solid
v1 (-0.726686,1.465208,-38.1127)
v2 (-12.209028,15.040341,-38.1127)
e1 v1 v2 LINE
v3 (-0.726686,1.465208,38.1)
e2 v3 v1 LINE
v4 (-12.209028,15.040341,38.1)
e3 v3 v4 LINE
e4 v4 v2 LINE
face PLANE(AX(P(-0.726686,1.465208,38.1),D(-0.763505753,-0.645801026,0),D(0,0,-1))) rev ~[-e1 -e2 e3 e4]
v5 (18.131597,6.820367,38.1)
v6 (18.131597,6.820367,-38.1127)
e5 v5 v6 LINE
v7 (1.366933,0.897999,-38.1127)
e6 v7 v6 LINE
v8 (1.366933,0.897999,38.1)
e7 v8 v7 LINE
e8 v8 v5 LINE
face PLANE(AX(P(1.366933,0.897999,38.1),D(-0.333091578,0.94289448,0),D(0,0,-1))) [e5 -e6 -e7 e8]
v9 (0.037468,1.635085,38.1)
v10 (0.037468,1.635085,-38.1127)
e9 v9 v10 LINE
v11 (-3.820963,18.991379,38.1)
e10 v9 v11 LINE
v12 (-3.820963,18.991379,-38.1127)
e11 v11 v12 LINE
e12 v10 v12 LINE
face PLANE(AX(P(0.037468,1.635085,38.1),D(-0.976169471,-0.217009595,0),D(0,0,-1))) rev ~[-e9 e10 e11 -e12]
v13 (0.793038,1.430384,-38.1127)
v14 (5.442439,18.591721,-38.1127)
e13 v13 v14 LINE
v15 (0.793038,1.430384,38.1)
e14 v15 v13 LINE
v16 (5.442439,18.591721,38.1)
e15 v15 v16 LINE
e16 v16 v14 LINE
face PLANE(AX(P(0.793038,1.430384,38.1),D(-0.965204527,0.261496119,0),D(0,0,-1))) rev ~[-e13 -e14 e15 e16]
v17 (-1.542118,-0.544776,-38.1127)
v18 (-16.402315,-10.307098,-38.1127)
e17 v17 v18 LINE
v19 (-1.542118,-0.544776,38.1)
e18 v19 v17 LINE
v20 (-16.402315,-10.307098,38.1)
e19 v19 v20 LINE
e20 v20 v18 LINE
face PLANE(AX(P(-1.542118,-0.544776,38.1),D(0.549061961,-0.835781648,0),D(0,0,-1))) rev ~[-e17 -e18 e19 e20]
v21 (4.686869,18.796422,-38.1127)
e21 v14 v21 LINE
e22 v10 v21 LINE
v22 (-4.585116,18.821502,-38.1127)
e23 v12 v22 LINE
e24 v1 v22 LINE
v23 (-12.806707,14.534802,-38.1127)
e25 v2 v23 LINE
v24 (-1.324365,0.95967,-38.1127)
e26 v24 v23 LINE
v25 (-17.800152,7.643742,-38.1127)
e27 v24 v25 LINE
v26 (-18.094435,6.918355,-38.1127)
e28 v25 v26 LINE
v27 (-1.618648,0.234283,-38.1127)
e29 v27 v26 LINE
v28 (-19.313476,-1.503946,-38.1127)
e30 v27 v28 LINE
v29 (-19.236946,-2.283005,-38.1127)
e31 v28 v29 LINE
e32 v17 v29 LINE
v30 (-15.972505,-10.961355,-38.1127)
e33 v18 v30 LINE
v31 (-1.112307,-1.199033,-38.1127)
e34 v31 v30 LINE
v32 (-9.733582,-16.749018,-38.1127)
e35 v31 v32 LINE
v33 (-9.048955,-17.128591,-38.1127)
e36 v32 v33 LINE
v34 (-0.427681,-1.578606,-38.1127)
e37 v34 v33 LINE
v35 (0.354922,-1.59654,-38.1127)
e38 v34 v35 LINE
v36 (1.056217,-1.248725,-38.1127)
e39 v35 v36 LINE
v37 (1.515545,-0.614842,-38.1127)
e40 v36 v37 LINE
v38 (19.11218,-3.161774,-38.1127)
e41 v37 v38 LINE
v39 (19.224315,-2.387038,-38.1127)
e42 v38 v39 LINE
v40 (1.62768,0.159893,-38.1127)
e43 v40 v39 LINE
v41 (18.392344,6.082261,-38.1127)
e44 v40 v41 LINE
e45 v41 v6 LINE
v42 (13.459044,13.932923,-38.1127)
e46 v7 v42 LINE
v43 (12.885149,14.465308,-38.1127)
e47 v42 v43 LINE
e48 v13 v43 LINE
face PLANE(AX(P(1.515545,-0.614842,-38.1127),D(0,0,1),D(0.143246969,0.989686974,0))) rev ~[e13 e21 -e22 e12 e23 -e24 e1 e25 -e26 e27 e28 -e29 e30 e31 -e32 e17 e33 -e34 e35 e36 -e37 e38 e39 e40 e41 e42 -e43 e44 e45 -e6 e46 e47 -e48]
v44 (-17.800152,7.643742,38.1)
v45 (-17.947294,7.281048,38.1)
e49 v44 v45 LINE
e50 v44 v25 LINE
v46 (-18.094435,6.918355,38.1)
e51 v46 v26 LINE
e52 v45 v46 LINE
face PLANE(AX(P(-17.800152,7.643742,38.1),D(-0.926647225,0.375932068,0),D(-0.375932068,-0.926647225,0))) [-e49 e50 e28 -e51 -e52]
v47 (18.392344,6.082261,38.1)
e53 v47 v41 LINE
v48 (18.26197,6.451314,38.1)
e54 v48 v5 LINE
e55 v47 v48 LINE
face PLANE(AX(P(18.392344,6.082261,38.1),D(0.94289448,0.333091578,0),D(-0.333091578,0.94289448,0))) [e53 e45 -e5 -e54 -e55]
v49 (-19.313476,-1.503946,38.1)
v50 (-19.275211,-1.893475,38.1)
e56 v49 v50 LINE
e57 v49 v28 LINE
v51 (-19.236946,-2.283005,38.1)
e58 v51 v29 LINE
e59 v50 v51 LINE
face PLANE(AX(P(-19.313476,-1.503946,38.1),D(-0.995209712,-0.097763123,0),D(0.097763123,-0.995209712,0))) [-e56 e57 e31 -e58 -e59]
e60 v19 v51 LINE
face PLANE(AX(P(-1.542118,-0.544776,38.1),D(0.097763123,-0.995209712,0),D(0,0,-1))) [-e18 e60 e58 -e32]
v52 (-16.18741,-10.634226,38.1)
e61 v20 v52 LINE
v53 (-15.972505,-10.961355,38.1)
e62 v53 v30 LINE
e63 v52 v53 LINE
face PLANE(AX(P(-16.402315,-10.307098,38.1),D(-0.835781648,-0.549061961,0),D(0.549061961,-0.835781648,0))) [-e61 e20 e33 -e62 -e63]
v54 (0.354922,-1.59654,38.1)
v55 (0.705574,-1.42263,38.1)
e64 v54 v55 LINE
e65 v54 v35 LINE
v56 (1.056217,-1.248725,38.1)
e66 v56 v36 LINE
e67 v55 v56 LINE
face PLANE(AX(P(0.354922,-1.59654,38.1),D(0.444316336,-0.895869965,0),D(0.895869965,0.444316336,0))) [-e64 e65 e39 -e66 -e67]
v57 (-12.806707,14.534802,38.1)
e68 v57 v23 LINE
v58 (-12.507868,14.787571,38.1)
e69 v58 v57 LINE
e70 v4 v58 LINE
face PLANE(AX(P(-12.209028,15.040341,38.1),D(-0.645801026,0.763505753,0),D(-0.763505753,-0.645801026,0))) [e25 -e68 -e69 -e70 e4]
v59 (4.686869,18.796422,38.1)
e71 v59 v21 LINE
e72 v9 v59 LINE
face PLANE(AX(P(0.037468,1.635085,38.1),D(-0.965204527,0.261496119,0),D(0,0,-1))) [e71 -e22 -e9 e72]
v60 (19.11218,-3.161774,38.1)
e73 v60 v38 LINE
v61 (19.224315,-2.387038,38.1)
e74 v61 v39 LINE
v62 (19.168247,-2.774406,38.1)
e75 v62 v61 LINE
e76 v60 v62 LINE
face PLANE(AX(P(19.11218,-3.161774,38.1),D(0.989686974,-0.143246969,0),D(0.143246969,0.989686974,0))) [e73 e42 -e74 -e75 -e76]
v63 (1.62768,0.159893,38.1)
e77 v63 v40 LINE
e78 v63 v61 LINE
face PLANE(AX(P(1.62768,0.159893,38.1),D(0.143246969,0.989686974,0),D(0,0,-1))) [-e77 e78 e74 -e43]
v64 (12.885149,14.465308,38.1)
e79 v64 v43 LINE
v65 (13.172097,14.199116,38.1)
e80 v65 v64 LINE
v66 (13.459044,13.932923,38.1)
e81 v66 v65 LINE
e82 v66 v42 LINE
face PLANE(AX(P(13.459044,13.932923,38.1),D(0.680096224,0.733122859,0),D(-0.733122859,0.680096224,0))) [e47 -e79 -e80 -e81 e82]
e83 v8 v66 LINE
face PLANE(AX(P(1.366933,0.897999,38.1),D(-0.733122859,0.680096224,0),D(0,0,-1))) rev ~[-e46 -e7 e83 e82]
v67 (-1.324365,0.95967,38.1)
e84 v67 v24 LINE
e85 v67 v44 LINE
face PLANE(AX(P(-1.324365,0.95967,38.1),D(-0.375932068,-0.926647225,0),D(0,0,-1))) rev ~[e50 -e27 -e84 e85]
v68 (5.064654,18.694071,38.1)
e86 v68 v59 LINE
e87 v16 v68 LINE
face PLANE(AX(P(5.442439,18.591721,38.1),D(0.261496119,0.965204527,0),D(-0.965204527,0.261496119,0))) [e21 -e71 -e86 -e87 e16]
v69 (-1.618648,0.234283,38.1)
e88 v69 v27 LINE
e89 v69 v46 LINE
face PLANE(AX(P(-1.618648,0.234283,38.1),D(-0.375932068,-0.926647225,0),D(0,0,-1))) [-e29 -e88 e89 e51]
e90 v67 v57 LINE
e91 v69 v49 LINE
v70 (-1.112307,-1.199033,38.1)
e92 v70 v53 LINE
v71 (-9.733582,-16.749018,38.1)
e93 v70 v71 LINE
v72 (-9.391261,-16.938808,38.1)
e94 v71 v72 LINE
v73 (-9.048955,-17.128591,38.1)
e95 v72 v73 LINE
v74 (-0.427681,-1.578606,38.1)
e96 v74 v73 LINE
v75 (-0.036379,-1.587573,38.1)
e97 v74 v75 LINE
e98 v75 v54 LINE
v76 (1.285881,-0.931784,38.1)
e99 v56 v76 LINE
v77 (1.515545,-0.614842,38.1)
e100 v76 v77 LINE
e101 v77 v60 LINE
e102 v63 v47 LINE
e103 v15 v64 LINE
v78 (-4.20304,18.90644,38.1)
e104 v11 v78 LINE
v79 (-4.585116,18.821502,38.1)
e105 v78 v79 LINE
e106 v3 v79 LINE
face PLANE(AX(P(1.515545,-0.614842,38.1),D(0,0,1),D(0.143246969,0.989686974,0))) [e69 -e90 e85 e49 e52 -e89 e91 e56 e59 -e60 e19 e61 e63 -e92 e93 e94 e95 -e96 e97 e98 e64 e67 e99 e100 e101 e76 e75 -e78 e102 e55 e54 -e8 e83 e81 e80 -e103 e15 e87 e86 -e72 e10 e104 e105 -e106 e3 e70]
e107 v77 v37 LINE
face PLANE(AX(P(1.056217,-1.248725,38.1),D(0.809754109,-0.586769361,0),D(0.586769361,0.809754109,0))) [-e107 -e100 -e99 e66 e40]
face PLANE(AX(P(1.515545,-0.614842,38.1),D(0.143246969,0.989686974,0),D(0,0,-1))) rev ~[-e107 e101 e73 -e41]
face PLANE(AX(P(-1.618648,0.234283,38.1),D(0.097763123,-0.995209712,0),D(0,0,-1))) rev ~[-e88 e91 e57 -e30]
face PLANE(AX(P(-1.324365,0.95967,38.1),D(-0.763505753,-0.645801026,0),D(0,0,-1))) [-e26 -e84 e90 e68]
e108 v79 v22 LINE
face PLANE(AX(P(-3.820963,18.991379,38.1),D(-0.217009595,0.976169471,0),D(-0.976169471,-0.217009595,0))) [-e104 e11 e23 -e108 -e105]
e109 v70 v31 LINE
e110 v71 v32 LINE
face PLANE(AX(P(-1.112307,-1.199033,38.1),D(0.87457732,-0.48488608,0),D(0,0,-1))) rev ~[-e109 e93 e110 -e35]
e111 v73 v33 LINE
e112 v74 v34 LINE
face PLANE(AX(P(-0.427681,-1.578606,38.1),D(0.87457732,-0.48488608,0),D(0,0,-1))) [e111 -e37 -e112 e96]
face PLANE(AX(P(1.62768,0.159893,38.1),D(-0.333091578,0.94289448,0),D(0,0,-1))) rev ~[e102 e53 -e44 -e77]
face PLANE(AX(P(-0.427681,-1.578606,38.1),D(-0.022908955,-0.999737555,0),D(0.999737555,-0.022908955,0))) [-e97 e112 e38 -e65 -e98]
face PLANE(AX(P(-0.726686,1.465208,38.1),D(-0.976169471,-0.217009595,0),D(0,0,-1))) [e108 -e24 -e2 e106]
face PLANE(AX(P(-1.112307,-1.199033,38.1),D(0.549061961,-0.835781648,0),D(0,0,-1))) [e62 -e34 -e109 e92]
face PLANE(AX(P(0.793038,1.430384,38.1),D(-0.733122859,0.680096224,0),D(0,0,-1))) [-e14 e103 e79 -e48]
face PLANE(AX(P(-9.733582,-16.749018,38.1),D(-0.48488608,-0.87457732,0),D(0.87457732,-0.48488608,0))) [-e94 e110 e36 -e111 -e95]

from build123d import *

# Parameters (mm, degrees)
F0_R      = 1.5879896125
F1_DEPTH  = 38.1
F3_DEPTH  = 76.2127
F4_DEPTH  = 17.78
F5_DEPTH  = 17.78
F6_DEPTH  = 17.78
F7_DEPTH  = 17.78
F8_DEPTH  = 17.78
F9_DEPTH  = 17.78
F10_DEPTH = 17.78
F11_DEPTH = 17.78
F12_DEPTH = 17.78
F13_DEPTH = 17.78


with BuildPart() as f1:
    # F0 (on Top) → F1 (new body, symmetric)
    with BuildSketch(Plane.XY):
        Circle(F0_R)
    extrude(amount=F1_DEPTH, both=True)

    # F2 (on face) → F3 (join)
    with BuildSketch(Plane.XY.offset(38.1)):
        Polygon((-1.1123073701, -1.1990332101), (-0.4276807465, -1.5786061902), (0.3549223821, -1.5965395164), (1.0562170702, -1.2487248797), (1.5155451564, -0.6148424219), (1.6276801115, 0.1598930251), (1.3669331687, 0.897998907), (0.7930383103, 1.4303840614), (0.0374679322, 1.6350854653), (-0.7266858977, 1.465208494), (-1.3243647459, 0.9596699144), (-1.6186475911, 0.2342825227), (-1.5421177801, -0.5447761715), align=None)
    extrude(amount=-F3_DEPTH)

    # F4 (add): a face of the model
    f4_faces = [f1.faces().sort_by_distance(p)[0] for p in [
        (-0.4457332213, -1.5685974768, -0.00635),
    ]]
    extrude(f4_faces, amount=F4_DEPTH)

    # F5 (add): a face of the model
    f5_faces = [f1.faces().sort_by_distance(p)[0] for p in [
        (-1.1236407617, -1.1817815312, -0.00635),
    ]]
    extrude(f5_faces, amount=F5_DEPTH)

    # F6 (add): a face of the model
    f6_faces = [f1.faces().sort_by_distance(p)[0] for p in [
        (-1.544135745, -0.5242336787, -0.00635),
    ]]
    extrude(f6_faces, amount=F6_DEPTH)

    # F7 (add): a face of the model
    f7_faces = [f1.faces().sort_by_distance(p)[0] for p in [
        (-1.6108878379, 0.2534097918, -0.00635),
    ]]
    extrude(f7_faces, amount=F7_DEPTH)

    # F8 (add): a face of the model
    f8_faces = [f1.faces().sort_by_distance(p)[0] for p in [
        (-1.3086049404, 0.9730001329, -0.00635),
    ]]
    extrude(f8_faces, amount=F8_DEPTH)

    # F9 (add): a face of the model
    f9_faces = [f1.faces().sort_by_distance(p)[0] for p in [
        (-0.7065364215, 1.4696878695, -0.00635),
    ]]
    extrude(f9_faces, amount=F9_DEPTH)

    # F10 (add): a face of the model
    f10_faces = [f1.faces().sort_by_distance(p)[0] for p in [
        (0.0573910768, 1.6296878269, -0.00635),
    ]]
    extrude(f10_faces, amount=F10_DEPTH)

    # F11 (add): a face of the model
    f11_faces = [f1.faces().sort_by_distance(p)[0] for p in [
        (0.8081709712, 1.416345943, -0.00635),
    ]]
    extrude(f11_faces, amount=F11_DEPTH)

    # F12 (add): a face of the model
    f12_faces = [f1.faces().sort_by_distance(p)[0] for p in [
        (1.3738086355, 0.8785362723, -0.00635),
    ]]
    extrude(f12_faces, amount=F12_DEPTH)

    # F13 (add): a face of the model
    f13_faces = [f1.faces().sort_by_distance(p)[0] for p in [
        (1.6247232976, 0.1394645292, -0.00635),
    ]]
    extrude(f13_faces, amount=F13_DEPTH)


solid = f1.part
